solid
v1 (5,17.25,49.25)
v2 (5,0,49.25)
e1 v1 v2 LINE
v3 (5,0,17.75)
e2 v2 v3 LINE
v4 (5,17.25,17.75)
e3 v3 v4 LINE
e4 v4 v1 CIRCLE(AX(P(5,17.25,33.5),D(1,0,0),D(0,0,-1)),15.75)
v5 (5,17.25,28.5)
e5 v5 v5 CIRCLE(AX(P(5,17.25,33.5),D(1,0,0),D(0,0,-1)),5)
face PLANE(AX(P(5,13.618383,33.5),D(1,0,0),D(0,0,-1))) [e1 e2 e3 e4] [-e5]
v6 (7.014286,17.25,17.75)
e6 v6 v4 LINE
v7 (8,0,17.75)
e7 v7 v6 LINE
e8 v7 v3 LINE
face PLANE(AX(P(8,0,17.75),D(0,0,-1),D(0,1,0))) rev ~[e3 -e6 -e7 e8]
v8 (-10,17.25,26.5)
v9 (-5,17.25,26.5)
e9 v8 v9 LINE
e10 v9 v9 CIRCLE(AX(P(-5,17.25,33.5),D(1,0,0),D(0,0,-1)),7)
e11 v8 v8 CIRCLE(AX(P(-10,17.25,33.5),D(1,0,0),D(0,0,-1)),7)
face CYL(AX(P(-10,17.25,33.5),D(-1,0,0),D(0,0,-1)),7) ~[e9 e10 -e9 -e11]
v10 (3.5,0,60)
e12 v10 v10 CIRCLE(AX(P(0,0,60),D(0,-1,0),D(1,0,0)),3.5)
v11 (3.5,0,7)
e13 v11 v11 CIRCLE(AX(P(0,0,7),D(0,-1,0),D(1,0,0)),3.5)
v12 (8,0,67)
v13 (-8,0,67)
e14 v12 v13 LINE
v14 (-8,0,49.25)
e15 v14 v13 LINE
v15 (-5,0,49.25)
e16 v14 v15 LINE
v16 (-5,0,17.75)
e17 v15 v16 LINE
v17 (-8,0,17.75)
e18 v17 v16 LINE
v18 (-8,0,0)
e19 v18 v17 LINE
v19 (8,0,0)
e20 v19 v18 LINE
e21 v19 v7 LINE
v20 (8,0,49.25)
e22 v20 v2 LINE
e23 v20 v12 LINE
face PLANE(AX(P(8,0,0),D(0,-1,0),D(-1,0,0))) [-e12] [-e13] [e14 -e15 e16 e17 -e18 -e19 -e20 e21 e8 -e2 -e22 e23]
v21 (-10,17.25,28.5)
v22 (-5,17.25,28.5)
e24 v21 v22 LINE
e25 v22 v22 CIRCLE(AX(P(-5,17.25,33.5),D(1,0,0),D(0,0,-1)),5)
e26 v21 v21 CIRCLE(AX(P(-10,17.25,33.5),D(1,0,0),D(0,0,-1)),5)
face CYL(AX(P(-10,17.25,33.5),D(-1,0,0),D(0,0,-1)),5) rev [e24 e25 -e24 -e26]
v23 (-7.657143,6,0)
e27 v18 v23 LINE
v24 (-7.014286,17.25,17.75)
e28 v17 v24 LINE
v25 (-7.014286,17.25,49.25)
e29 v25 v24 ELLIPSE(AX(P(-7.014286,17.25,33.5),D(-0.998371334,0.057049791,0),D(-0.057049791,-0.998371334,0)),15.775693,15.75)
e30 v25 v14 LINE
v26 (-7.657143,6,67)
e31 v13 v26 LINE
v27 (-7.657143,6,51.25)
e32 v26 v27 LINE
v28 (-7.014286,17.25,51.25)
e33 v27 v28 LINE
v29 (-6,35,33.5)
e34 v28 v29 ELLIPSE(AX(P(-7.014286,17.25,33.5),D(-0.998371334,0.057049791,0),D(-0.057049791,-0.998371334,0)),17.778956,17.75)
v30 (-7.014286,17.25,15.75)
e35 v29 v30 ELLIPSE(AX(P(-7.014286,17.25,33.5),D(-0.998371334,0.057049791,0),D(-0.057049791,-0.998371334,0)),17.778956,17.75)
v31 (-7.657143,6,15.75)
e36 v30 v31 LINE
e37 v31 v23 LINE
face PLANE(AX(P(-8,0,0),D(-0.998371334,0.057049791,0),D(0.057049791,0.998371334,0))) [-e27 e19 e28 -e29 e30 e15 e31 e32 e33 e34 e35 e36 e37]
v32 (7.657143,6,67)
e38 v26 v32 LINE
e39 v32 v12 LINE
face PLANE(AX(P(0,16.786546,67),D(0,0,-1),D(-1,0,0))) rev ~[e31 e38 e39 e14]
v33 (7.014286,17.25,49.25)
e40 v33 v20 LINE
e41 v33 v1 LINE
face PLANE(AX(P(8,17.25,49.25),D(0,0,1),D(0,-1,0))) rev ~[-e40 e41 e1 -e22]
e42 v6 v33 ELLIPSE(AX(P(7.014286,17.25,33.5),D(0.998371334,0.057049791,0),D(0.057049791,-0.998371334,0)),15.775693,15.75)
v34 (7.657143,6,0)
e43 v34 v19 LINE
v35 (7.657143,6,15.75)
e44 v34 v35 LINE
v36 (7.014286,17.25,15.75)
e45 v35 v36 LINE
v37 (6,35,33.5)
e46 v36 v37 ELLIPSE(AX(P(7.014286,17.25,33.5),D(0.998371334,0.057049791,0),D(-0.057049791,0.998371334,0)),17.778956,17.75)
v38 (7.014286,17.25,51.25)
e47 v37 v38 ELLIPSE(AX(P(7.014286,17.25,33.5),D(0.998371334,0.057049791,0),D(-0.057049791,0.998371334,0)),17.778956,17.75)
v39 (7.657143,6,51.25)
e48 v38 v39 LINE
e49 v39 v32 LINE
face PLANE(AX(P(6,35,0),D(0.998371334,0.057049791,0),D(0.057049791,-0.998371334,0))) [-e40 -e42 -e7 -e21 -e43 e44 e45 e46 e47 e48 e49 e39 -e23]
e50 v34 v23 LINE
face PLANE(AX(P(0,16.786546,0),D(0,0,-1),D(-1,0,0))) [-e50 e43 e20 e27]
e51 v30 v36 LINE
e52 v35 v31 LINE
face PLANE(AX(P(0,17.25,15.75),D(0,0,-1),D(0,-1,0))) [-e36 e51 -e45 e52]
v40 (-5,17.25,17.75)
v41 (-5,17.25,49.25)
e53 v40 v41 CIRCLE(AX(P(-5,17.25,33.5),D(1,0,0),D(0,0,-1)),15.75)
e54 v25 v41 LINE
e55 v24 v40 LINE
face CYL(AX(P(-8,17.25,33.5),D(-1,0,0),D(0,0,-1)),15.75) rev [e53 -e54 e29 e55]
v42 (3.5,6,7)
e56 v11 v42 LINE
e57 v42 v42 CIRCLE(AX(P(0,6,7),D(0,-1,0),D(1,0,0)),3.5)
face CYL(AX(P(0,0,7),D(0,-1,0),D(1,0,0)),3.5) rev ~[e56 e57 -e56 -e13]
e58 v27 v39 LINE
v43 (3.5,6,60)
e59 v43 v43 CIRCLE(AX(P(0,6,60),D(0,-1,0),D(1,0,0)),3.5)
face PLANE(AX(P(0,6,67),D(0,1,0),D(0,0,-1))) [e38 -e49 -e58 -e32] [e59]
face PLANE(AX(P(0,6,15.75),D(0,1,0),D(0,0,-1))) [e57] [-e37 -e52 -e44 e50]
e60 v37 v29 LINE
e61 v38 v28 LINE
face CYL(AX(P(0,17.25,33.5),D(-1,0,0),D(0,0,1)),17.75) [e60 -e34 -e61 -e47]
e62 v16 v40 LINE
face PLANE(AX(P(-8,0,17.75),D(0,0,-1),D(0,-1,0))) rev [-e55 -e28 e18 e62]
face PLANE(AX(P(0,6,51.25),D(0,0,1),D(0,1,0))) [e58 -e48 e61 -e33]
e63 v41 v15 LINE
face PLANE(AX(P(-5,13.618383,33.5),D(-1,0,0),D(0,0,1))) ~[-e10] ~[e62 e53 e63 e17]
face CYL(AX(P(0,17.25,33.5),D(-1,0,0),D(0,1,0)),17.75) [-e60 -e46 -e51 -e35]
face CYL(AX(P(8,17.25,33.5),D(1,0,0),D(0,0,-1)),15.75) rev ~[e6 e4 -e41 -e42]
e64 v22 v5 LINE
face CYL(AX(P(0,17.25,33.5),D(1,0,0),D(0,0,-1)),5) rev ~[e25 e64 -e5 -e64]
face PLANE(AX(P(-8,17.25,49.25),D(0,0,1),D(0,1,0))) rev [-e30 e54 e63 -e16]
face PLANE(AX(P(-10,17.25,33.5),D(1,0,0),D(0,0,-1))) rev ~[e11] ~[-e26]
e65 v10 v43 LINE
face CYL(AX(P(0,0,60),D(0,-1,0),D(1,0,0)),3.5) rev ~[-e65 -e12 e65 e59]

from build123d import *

# Parameters (mm, degrees)
EXTRUDE_1_DEPTH     = 67
SKETCH_2_R          = 5
CUT_EXTRUDE_1_DEPTH = 15
CUT_EXTRUDE_2_DEPTH = 3
SKETCH_4_R          = 7
SKETCH_4_R_2        = 5
EXTRUDE_2_DEPTH     = 5
SKETCH_5_R          = 3.5
CUT_EXTRUDE_4_DEPTH = 10


with BuildPart() as part:
    # 草图1 → 凸台-拉伸1 (new body)
    with BuildSketch(Plane.XY):
        Polygon((8, 0), (-8, 0), (-6, 35), (6, 35), align=None)
    extrude(amount=EXTRUDE_1_DEPTH)

    # 草图2 → 切除-拉伸1 (cut, symmetric)
    with BuildSketch(Plane(origin=(0, 0, 0), x_dir=(0, 0, -1), z_dir=(1, 0, 0))):
        with BuildLine():
            Line((-67, 35), (-67, 6))
            Line((-67, 6), (-51.25, 6))
            Line((-51.25, 6), (-51.25, 17.25))
            ThreePointArc((-51.25, 17.25), (-46.051145366, 29.801145366), (-33.5, 35))
            Line((-33.5, 35), (-67, 35))
        make_face()
        with BuildLine():
            Line((0, 35), (-33.5, 35))
            ThreePointArc((-33.5, 35), (-20.948854634, 29.801145366), (-15.75, 17.25))
            Line((-15.75, 17.25), (-15.75, 6))
            Line((-15.75, 6), (0, 6))
            Line((0, 6), (0, 35))
        make_face()
        with Locations((-33.5, 17.25)):
            Circle(SKETCH_2_R)
    extrude(amount=CUT_EXTRUDE_1_DEPTH, both=True, mode=Mode.SUBTRACT)

    # 草图3 → 切除-拉伸2 (cut)
    with BuildSketch(Plane(origin=(8, 0, 0), x_dir=(0, 0, -1), z_dir=(1, 0, 0))):
        with BuildLine():
            Line((-49.25, 6), (-49.25, 0))
            Line((-49.25, 0), (-17.75, 0))
            Line((-17.75, 0), (-17.75, 6))
            Line((-17.75, 6), (-17.75, 17.25))
            ThreePointArc((-17.75, 17.25), (-33.5, 33), (-49.25, 17.25))
            Line((-49.25, 17.25), (-49.25, 6))
        make_face()
    cut_extrude_2 = extrude(amount=-CUT_EXTRUDE_2_DEPTH, mode=Mode.SUBTRACT)

    # 镜向1: 切除-拉伸2 across plane
    add(cut_extrude_2.mirror(Plane(origin=(0, 0, 0), x_dir=(0, 0, 1), z_dir=(1, 0, 0))), mode=Mode.SUBTRACT)

    # 草图4 → 凸台-拉伸2 (add)
    with BuildSketch(Plane(origin=(-10, 0, 0), x_dir=(0, 0, -1), z_dir=(1, 0, 0))):
        with Locations((-33.5, 17.25)):
            Circle(SKETCH_4_R)
        with Locations((-33.5, 17.25)):
            Circle(SKETCH_4_R_2, mode=Mode.SUBTRACT)
    extrude(amount=EXTRUDE_2_DEPTH)

    # 草图5 → 切除-拉伸4 (cut)
    with BuildSketch(Plane.XZ):
        with Locations((0, 60)):
            Circle(SKETCH_5_R)
        with Locations((0, 7)):
            Circle(SKETCH_5_R)
    extrude(amount=-CUT_EXTRUDE_4_DEPTH, mode=Mode.SUBTRACT)


solid = part.part
